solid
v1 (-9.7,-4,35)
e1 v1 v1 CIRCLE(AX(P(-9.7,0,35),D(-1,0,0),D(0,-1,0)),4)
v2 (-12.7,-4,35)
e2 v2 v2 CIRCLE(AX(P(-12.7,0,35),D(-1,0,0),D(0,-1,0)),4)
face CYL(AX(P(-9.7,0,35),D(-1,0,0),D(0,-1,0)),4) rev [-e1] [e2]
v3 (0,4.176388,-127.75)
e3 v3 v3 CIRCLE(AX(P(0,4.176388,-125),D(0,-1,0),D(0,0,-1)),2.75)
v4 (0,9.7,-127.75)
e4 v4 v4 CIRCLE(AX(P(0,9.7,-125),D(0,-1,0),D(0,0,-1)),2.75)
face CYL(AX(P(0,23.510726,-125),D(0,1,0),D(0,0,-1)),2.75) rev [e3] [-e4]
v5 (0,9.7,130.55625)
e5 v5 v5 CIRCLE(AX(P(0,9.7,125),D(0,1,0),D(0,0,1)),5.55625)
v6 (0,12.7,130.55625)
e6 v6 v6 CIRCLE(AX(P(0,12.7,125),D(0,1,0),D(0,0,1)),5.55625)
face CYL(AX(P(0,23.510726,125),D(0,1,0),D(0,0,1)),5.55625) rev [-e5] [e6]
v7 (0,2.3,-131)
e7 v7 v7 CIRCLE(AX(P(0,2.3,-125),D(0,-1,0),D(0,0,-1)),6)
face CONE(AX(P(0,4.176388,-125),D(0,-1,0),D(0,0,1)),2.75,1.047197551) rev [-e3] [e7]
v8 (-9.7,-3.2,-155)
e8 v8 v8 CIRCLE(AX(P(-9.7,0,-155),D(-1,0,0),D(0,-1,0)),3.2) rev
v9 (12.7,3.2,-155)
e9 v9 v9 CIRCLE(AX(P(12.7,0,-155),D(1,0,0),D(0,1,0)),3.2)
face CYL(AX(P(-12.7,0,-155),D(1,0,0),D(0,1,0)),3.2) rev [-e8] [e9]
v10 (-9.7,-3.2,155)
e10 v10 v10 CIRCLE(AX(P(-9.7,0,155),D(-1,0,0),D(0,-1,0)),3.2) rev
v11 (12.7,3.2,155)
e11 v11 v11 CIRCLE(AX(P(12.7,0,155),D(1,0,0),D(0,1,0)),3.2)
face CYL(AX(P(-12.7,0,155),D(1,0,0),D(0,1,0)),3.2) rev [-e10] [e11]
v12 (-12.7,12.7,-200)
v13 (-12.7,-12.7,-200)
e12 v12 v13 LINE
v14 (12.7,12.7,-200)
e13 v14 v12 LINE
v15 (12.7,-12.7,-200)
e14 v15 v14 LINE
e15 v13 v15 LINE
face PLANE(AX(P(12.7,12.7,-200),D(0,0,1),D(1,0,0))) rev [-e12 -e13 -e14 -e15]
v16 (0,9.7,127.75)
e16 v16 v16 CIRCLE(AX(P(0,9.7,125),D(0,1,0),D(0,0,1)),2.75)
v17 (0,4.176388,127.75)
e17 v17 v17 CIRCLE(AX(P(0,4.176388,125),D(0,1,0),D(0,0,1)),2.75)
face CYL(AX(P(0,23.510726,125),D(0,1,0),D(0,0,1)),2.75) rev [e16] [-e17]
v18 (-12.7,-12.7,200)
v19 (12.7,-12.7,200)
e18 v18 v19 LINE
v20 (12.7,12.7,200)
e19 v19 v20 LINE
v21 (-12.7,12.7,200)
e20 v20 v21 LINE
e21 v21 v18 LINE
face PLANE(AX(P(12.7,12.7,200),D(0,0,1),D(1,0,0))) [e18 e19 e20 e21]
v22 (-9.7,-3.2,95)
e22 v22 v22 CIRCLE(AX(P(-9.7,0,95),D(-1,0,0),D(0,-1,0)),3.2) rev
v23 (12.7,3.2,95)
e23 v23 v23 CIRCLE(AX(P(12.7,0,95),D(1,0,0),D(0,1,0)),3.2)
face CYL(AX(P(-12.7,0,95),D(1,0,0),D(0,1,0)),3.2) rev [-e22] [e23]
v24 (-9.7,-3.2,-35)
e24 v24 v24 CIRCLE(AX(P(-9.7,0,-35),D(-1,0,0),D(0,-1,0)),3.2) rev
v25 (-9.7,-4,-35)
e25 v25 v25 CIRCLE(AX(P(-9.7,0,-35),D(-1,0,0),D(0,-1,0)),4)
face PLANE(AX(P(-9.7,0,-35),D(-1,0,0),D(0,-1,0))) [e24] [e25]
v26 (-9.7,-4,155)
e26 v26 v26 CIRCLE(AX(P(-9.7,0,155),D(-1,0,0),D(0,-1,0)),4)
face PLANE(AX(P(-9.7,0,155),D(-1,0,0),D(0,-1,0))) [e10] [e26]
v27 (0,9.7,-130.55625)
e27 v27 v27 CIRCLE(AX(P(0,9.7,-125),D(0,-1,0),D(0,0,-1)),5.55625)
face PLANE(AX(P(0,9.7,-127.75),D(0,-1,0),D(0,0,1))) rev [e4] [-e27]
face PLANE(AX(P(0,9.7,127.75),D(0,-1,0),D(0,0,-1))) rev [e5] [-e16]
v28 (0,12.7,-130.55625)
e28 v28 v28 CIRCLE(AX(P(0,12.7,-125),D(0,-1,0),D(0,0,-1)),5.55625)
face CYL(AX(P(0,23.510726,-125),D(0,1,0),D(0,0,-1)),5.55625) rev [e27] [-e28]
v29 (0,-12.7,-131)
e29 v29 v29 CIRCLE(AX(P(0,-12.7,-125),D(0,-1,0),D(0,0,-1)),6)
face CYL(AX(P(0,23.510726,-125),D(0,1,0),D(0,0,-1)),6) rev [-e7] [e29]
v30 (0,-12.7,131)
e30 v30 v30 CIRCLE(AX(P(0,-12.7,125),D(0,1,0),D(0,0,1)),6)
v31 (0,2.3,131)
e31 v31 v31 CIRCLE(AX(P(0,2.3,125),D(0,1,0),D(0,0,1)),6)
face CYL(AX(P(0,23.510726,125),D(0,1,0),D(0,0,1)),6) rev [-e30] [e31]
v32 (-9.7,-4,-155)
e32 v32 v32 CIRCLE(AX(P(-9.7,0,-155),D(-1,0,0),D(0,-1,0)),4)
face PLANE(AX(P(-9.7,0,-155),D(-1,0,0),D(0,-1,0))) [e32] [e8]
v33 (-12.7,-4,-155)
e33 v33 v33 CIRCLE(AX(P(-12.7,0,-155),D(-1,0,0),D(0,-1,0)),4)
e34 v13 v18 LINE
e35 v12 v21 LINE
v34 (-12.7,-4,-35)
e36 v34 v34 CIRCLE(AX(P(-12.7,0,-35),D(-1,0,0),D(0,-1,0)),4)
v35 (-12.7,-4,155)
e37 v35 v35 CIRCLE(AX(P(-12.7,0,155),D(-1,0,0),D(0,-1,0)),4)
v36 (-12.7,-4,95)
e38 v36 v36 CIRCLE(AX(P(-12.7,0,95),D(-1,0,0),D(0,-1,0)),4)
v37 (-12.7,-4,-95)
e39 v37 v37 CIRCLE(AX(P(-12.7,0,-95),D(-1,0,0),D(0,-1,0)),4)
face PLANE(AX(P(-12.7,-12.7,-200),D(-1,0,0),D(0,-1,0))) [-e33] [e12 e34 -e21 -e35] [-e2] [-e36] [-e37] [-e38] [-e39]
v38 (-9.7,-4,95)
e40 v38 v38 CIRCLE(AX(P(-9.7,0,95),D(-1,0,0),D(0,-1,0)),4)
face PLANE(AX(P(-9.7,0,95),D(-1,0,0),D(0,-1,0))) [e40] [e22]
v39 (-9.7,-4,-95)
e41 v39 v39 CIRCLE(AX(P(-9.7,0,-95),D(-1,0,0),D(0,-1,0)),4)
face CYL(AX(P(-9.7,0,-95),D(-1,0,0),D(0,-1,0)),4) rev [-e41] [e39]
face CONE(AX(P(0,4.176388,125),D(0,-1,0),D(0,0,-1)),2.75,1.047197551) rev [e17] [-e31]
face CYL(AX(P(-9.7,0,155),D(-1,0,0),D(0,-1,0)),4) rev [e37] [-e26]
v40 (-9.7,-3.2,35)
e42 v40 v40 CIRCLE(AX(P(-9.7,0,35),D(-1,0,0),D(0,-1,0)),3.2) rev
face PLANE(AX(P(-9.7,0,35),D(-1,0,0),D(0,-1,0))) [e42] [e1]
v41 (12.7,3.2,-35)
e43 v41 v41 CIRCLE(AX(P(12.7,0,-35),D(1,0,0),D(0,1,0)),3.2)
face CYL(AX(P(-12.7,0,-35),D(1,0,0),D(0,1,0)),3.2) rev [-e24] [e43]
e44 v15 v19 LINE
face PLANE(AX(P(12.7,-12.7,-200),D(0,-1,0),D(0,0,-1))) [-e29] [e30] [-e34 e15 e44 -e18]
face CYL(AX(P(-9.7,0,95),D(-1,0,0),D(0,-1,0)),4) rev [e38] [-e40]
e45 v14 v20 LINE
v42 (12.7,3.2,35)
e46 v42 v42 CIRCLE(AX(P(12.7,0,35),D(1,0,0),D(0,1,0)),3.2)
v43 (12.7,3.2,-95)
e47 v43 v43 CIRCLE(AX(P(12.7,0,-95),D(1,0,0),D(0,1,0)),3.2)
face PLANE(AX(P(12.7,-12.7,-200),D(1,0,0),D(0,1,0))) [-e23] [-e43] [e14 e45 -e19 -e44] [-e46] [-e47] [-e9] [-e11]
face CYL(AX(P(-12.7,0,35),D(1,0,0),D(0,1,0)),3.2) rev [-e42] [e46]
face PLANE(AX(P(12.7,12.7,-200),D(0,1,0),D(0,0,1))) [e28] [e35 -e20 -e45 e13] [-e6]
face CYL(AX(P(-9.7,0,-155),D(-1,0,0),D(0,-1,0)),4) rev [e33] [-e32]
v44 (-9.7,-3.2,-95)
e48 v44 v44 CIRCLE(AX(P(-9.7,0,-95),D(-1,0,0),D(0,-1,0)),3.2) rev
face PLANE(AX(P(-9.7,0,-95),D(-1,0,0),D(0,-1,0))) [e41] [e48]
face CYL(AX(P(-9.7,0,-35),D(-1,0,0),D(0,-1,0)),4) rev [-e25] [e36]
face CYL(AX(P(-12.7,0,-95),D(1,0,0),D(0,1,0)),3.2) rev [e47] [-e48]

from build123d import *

# Parameters (mm, degrees)
BOSS_EXTRUDE1_DEPTH      = 200
BOSS_EXTRUDE1_DEPTH_BACK = 200
SKETCH1_W                = 25.4
SKETCH1_H                = 25.4
SKETCH5_R                = 3.2
CUT_EXTRUDE1_DEPTH       = 203.006064265
SKETCH6_R                = 4
CUT_EXTRUDE2_DEPTH       = 3


with BuildPart() as part:
    # Sketch1 → Boss-Extrude1 (new, two sides: drawn at the far end of the back side and taken through both)
    with BuildSketch(Plane.XY.offset(-BOSS_EXTRUDE1_DEPTH_BACK)):
        Rectangle(SKETCH1_W, SKETCH1_H)
    extrude(amount=BOSS_EXTRUDE1_DEPTH + BOSS_EXTRUDE1_DEPTH_BACK)

    # Sketch4 → Cut-Revolve1 (revolve, cut)
    with BuildSketch(Plane(origin=(0, 0, 0), x_dir=(0, 0, -1), z_dir=(1, 0, 0))):
        Polygon((-125, -12.7), (-131, -12.7), (-131, 2.3), (-127.75, 4.176388375), (-127.75, 9.7), (-130.55625, 9.7), (-130.55625, 12.7), (-125, 12.7), align=None)
    cut_revolve1 = revolve(axis=Axis((0, 23.510725719, 125), (0, -1, 0)), mode=Mode.SUBTRACT)

    # Mirror1: Cut-Revolve1 across plane
    add(cut_revolve1.mirror(Plane.XY), mode=Mode.SUBTRACT)

    # Sketch5 → Cut-Extrude1 (cut, through all)
    with BuildSketch(Plane(origin=(12.7, 0, 0), x_dir=(0, 0, -1), z_dir=(1, 0, 0))):
        with Locations((-155, 0)):
            Circle(SKETCH5_R)
        with Locations((-95, 0)):
            Circle(SKETCH5_R)
        with Locations((-35, 0)):
            Circle(SKETCH5_R)
        with Locations((35, 0)):
            Circle(SKETCH5_R)
        with Locations((95, 0)):
            Circle(SKETCH5_R)
        with Locations((155, 0)):
            Circle(SKETCH5_R)
    extrude(amount=-CUT_EXTRUDE1_DEPTH, mode=Mode.SUBTRACT)

    # Sketch6 → Cut-Extrude2 (cut)
    with BuildSketch(Plane.ZY.offset(12.7)):
        with Locations((-155, 0)):
            Circle(SKETCH6_R)
        with Locations((-95, 0)):
            Circle(SKETCH6_R)
        with Locations((-35, 0)):
            Circle(SKETCH6_R)
        with Locations((35, 0)):
            Circle(SKETCH6_R)
        with Locations((95, 0)):
            Circle(SKETCH6_R)
        with Locations((155, 0)):
            Circle(SKETCH6_R)
    extrude(amount=-CUT_EXTRUDE2_DEPTH, mode=Mode.SUBTRACT)


solid = part.part
